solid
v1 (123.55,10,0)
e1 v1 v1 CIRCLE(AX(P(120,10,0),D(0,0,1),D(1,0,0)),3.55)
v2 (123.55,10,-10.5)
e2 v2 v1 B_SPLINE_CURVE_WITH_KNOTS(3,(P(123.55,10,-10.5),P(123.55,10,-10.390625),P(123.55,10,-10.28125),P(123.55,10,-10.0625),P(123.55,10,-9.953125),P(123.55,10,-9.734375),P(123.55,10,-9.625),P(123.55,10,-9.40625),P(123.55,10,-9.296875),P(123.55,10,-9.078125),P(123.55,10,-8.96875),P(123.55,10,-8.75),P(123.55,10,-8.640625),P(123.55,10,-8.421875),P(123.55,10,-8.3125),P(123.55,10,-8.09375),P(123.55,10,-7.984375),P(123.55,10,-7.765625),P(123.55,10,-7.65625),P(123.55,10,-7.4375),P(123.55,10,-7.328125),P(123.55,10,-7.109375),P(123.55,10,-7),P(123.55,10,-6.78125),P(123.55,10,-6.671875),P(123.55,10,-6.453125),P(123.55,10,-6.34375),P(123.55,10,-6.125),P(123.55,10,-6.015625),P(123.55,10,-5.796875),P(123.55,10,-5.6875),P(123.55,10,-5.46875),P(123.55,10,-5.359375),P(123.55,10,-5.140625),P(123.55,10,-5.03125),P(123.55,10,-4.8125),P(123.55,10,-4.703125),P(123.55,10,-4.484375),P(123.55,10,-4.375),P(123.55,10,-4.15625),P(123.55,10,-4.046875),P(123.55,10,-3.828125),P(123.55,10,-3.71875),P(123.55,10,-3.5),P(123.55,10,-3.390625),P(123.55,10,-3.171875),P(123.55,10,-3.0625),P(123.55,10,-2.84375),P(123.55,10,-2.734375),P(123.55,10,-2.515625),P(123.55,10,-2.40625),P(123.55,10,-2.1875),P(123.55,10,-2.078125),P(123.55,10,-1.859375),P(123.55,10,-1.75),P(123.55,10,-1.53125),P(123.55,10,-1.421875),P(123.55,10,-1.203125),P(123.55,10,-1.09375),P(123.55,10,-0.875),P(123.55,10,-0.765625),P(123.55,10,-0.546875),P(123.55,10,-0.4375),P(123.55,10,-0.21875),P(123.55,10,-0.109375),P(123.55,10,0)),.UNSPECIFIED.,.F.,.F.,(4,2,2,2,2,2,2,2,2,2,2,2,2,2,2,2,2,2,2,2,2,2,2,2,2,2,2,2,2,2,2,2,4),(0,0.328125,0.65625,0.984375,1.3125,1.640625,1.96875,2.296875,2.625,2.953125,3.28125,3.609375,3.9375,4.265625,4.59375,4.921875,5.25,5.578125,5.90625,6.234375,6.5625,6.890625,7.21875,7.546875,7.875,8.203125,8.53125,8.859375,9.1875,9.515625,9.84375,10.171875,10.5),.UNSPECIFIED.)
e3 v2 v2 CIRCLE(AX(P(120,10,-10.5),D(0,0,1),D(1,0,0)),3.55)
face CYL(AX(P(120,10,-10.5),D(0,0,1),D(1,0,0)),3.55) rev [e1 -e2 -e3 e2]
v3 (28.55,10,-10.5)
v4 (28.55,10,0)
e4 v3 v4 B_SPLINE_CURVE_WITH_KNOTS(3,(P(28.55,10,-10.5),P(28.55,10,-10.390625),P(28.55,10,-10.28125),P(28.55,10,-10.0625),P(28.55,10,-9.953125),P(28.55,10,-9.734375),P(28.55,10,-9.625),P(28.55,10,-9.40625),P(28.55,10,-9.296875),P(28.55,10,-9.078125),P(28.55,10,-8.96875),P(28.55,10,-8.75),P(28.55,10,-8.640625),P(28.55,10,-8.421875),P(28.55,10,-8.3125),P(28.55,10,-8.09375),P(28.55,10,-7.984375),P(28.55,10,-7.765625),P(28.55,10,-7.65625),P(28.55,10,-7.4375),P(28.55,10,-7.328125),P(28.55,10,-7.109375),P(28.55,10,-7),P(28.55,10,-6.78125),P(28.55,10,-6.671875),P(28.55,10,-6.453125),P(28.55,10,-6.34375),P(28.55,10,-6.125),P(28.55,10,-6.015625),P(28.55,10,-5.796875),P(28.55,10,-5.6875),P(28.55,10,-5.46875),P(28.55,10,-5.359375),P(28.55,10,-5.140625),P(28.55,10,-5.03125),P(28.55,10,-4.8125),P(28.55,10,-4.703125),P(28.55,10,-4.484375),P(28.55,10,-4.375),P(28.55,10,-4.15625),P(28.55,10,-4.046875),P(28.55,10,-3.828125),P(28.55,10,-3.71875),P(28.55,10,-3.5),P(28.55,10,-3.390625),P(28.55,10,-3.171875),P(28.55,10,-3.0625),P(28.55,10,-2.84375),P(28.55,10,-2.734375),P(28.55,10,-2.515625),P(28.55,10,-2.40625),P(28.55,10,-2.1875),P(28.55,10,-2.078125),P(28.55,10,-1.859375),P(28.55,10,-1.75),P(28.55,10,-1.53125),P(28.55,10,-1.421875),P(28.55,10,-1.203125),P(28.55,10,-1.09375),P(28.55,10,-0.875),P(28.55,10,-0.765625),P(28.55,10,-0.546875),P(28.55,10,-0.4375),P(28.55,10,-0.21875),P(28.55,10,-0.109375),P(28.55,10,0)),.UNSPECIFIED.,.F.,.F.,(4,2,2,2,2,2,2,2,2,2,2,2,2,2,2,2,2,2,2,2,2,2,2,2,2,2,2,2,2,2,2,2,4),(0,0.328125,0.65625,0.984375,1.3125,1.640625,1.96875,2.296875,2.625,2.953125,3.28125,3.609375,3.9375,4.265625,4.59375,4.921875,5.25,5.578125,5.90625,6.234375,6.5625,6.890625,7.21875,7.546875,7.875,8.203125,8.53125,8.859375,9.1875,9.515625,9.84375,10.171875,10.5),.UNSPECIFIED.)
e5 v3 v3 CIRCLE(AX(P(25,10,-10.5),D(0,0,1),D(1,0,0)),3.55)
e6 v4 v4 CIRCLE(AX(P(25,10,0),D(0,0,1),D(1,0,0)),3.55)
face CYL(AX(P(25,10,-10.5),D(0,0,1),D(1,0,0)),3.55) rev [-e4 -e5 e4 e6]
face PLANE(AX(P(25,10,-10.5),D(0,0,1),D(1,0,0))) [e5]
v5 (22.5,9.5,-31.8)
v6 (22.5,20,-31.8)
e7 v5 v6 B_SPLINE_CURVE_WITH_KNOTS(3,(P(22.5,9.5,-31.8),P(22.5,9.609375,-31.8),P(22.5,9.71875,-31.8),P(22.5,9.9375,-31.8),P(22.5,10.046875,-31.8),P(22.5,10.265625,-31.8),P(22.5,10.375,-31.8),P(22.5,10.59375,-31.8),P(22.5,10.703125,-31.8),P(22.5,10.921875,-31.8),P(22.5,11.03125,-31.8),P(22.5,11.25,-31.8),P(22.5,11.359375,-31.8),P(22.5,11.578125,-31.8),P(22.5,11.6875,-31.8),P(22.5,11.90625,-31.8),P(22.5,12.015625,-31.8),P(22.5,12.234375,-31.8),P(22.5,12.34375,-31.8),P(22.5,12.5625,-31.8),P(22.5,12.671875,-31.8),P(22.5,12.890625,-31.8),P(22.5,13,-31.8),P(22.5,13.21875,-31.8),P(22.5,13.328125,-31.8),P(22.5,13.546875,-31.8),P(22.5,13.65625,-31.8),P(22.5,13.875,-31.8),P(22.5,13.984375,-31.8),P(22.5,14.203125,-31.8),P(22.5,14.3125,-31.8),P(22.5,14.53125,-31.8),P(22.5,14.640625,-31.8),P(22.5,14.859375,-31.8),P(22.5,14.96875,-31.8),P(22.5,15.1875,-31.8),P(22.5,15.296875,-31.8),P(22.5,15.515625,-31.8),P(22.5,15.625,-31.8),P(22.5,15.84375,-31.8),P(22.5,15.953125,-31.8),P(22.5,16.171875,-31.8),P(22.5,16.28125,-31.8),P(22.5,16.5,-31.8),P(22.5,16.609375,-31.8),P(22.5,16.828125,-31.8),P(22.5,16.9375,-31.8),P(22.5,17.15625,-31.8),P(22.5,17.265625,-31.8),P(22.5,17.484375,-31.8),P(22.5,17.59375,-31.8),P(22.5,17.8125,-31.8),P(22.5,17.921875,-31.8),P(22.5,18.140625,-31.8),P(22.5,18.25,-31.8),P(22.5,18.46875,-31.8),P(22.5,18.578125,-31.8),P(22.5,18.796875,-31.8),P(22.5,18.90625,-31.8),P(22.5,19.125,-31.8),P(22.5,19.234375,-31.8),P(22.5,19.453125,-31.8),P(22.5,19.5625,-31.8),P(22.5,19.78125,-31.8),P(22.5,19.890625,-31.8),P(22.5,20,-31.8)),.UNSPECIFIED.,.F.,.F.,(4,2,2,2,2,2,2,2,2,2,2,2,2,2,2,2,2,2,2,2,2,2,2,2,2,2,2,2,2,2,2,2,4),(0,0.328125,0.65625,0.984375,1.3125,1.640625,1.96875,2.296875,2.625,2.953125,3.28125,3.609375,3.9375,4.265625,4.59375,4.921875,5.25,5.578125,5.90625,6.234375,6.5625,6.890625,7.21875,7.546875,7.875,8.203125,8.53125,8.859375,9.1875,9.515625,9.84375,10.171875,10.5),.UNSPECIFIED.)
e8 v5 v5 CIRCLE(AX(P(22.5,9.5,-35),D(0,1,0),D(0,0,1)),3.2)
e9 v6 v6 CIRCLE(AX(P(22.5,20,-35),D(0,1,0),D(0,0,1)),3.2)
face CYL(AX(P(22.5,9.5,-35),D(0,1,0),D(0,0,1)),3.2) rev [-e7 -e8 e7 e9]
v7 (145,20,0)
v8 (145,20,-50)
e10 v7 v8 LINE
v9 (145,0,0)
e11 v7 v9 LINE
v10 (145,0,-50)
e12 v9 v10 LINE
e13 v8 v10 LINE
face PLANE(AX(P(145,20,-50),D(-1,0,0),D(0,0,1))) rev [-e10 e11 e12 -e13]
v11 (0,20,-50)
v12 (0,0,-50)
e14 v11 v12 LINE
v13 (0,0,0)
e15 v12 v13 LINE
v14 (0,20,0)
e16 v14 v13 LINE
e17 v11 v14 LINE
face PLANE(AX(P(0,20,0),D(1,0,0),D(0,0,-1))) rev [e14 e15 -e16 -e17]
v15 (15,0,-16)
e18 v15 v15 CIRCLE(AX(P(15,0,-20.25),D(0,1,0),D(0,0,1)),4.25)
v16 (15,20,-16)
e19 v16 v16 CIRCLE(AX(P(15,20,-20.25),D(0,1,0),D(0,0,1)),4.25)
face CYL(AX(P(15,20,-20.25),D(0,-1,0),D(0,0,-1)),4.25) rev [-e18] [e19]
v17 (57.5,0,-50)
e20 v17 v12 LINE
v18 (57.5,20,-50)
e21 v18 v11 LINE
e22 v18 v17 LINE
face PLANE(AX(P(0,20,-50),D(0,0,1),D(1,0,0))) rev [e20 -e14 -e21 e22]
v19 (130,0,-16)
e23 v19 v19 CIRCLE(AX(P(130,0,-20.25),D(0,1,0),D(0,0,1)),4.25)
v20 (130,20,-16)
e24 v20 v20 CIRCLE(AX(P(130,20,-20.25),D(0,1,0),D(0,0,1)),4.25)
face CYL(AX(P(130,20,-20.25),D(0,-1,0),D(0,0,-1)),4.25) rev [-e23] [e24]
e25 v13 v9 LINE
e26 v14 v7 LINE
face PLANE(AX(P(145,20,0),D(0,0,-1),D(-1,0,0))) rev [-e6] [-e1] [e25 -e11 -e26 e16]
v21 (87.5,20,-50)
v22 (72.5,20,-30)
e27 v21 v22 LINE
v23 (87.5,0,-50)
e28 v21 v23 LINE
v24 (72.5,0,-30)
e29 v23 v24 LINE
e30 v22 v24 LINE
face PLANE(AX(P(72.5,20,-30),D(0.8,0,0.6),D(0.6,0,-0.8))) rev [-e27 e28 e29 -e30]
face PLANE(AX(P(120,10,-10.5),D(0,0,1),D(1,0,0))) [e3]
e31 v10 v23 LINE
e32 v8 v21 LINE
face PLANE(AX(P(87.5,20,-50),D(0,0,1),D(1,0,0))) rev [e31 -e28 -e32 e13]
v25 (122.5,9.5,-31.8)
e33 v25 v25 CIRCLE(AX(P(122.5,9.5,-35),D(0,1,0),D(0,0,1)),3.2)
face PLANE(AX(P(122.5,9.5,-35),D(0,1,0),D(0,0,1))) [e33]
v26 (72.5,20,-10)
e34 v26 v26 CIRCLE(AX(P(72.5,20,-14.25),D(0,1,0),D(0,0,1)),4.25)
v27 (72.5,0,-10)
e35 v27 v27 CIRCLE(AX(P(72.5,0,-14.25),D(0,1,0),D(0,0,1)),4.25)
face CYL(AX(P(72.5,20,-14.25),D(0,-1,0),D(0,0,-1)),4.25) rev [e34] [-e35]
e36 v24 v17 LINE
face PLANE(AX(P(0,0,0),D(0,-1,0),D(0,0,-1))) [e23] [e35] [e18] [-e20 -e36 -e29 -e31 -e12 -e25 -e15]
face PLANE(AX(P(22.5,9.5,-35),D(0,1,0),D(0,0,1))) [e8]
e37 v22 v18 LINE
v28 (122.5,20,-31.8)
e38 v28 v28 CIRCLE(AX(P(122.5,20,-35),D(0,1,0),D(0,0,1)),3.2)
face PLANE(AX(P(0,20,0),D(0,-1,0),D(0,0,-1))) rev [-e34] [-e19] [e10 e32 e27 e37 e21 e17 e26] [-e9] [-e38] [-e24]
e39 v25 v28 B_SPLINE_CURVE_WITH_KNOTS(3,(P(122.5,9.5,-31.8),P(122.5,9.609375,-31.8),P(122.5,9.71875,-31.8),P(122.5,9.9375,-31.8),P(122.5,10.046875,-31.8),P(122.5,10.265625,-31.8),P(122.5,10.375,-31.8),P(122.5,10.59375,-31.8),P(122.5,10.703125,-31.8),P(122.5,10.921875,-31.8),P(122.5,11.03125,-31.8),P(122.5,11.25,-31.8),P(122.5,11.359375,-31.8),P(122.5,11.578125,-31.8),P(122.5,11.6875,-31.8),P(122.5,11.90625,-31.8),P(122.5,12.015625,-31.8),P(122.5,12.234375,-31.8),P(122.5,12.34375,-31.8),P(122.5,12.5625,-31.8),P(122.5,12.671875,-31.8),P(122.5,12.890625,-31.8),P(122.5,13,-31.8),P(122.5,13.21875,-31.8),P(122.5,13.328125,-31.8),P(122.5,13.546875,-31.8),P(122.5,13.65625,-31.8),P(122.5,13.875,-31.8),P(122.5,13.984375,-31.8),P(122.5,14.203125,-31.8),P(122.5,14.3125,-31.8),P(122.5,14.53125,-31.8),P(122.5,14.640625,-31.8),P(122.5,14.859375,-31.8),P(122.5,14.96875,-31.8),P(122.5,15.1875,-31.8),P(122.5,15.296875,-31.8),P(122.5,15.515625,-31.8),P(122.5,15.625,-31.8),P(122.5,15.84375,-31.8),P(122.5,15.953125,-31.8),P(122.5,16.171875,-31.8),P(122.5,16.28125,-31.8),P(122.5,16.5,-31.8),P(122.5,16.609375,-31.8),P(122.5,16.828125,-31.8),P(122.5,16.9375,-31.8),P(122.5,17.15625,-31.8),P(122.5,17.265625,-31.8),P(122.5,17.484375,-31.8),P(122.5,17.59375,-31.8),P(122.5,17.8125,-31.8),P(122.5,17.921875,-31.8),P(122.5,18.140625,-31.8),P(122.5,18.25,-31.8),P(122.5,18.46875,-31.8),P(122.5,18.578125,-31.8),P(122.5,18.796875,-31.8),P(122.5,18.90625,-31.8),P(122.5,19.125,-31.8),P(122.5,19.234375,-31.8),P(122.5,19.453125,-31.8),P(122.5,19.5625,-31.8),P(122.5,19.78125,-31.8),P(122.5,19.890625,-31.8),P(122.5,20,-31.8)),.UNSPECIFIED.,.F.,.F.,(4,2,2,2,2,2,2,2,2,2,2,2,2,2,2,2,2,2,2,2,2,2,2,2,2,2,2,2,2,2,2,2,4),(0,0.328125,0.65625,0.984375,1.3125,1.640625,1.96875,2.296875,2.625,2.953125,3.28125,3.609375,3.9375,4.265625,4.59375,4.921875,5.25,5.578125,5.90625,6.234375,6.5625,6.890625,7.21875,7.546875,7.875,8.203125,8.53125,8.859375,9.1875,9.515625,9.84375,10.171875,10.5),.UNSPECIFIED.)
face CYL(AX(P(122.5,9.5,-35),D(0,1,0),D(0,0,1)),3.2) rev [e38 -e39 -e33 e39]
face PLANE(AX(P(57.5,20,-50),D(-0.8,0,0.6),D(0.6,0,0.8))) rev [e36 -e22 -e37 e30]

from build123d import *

# Parameters (mm, degrees)
SKETCH1_R           = 4.25
BOSS_EXTRUDE1_DEPTH = 20
SKETCH3_R           = 3.55
CUT_EXTRUDE2_DEPTH  = 10.5
SKETCH2_R           = 3.2
CUT_EXTRUDE3_DEPTH  = 10.5


with BuildPart() as part:
    # Sketch1 → Boss-Extrude1 (new body)
    with BuildSketch(Plane(origin=(0, 0, 0), x_dir=(1, 0, 0), z_dir=(0, 1, 0))):
        Polygon((0, 0), (0, 50), (57.5, 50), (72.5, 30), (87.5, 50), (145, 50), (145, 0), align=None)
        with Locations(Location((15, 20.25, 0), (0, 0, 270))):
            Circle(SKETCH1_R, mode=Mode.SUBTRACT)
        with Locations(Location((72.5, 14.25, 0), (0, 0, 270))):
            Circle(SKETCH1_R, mode=Mode.SUBTRACT)
        with Locations(Location((130, 20.25, 0), (0, 0, 270))):
            Circle(SKETCH1_R, mode=Mode.SUBTRACT)
    extrude(amount=BOSS_EXTRUDE1_DEPTH)

    # Sketch3 → Cut-Extrude2 (cut)
    with BuildSketch(Plane.XY):
        with Locations((25, 10)):
            Circle(SKETCH3_R)
        with Locations((120, 10)):
            Circle(SKETCH3_R)
    extrude(amount=-CUT_EXTRUDE2_DEPTH, mode=Mode.SUBTRACT)

    # Sketch2 → Cut-Extrude3 (cut)
    with BuildSketch(Plane(origin=(0, 20, 0), x_dir=(1, 0, 0), z_dir=(0, 1, 0))):
        with Locations(Location((22.5, 35, 0), (0, 0, 270))):
            Circle(SKETCH2_R)
        with Locations(Location((122.5, 35, 0), (0, 0, 270))):
            Circle(SKETCH2_R)
    extrude(amount=-CUT_EXTRUDE3_DEPTH, mode=Mode.SUBTRACT)


solid = part.part
